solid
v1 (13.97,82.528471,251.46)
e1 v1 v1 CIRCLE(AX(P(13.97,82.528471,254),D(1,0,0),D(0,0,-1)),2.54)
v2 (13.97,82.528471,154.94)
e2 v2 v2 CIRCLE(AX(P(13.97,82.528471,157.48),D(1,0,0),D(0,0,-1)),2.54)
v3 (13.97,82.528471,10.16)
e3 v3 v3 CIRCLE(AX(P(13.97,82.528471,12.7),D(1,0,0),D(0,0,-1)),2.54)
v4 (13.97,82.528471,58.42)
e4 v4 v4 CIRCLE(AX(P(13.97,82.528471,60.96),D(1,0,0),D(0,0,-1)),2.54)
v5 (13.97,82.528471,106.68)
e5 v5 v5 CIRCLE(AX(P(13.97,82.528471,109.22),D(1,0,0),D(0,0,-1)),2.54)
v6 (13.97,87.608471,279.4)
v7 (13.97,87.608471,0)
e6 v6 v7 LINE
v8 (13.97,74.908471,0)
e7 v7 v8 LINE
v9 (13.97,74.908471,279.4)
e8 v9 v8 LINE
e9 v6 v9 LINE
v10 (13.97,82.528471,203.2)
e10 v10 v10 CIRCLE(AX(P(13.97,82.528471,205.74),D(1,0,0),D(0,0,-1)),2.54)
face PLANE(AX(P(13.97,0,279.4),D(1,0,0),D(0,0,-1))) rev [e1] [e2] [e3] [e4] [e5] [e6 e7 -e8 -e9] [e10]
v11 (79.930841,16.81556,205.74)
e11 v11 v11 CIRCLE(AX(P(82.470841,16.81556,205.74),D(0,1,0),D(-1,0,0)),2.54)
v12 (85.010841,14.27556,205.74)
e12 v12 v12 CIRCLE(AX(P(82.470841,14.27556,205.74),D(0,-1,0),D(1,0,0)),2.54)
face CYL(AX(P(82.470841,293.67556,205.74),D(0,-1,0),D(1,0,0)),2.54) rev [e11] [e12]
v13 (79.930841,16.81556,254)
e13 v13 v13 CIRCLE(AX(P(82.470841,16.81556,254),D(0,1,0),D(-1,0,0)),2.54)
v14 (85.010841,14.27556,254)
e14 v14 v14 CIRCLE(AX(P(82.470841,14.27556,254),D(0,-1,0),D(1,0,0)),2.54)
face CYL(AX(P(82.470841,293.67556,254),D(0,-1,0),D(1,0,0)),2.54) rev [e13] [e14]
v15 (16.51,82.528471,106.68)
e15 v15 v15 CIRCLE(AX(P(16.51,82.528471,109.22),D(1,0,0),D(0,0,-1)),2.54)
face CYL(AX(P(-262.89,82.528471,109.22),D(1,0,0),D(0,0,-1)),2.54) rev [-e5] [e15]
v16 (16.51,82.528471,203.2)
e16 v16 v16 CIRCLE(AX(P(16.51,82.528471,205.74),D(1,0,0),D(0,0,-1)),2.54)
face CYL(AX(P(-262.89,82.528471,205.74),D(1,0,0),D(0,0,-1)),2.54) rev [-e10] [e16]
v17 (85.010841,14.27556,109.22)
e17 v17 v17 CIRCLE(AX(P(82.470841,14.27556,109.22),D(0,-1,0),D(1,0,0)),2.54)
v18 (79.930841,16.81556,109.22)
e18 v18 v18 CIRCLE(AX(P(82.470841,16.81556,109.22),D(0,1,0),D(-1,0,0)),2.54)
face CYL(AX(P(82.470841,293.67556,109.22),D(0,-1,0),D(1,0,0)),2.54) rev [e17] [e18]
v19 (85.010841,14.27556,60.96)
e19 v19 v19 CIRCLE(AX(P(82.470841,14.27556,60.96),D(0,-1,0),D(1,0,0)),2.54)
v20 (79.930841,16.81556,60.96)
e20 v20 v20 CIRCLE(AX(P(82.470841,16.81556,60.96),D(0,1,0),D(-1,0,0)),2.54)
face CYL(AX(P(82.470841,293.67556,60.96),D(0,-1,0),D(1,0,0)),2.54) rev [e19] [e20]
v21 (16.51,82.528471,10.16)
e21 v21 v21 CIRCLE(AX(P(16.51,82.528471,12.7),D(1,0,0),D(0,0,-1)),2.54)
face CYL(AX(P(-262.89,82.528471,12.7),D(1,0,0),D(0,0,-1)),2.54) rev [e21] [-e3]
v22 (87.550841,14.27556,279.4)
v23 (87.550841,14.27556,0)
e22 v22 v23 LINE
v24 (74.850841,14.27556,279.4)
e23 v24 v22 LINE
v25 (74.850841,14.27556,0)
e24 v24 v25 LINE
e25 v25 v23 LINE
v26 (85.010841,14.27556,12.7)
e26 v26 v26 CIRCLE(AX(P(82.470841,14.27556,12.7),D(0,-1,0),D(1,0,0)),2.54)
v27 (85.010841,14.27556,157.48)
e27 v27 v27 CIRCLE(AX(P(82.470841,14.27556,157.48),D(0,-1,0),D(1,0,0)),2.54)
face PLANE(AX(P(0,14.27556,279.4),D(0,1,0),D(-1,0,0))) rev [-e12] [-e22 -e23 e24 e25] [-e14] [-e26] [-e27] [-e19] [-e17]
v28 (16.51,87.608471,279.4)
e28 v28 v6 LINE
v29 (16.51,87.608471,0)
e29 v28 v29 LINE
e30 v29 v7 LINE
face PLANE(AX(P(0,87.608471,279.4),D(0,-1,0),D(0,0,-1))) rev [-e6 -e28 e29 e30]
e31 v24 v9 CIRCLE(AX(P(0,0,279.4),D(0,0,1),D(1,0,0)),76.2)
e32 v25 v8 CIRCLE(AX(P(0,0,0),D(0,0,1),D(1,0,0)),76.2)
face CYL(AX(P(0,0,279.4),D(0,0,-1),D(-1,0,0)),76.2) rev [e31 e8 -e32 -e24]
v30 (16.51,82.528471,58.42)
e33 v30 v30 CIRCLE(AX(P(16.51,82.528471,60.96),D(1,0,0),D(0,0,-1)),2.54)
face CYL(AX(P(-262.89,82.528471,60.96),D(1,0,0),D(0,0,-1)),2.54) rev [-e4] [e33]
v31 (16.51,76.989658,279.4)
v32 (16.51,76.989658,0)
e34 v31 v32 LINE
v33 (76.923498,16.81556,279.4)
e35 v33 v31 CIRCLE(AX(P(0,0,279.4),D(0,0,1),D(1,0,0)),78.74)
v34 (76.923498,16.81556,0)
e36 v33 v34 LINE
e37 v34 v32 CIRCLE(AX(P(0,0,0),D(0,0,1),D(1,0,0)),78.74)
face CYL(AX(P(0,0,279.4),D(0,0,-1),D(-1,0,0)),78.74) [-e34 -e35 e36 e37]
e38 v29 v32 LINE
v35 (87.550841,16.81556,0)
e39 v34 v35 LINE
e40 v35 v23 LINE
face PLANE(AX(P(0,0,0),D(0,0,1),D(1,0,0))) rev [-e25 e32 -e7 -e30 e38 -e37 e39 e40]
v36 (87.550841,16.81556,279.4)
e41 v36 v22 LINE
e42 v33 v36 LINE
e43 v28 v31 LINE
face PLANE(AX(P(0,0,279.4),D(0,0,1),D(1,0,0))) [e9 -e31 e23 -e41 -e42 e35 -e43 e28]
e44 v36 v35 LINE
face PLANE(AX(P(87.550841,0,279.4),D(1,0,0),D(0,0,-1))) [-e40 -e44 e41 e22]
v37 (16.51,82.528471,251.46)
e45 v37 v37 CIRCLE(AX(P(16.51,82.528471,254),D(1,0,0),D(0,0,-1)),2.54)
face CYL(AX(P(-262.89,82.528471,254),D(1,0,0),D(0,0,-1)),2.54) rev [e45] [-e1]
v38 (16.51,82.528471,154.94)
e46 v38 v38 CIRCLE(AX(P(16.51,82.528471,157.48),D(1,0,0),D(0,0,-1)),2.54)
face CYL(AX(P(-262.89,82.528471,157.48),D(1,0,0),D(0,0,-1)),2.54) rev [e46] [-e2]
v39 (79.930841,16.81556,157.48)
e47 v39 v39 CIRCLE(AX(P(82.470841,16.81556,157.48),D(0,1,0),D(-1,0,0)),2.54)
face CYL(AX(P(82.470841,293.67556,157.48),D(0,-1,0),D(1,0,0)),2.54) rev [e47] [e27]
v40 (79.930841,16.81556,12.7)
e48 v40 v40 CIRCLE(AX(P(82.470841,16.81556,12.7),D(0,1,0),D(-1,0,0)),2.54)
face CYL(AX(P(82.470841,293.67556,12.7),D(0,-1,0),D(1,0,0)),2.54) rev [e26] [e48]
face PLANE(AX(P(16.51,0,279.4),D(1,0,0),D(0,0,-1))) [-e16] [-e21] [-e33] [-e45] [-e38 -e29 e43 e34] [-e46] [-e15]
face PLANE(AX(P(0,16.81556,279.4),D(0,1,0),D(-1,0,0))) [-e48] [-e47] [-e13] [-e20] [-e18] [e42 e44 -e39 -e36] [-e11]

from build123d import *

# Parameters (mm, degrees)
BOSS_EXTRUDE1_DEPTH = 279.4
SKETCH3_R           = 2.54
CUT_EXTRUDE1_DEPTH  = 279.4
SKETCH4_R           = 2.54
CUT_EXTRUDE2_DEPTH  = 279.4


with BuildPart() as part:
    # Sketch2 → Boss-Extrude1 (new body)
    with BuildSketch(Plane.XY):
        with BuildLine():
            Line((76.923497933, 16.815560225), (87.550840879, 16.815560225))
            Line((87.550840879, 16.815560225), (87.550840879, 14.275560225))
            Line((87.550840879, 14.275560225), (74.850840879, 14.275560225))
            ThreePointArc((74.850840879, 14.275560225), (53.771488035, 53.99136111), (13.97, 74.908471484))
            Line((13.97, 74.908471484), (13.97, 87.608471484))
            Line((13.97, 87.608471484), (16.51, 87.608471484))
            Line((16.51, 87.608471484), (16.51, 76.989658396))
            ThreePointArc((16.51, 76.989658396), (55.566943021, 55.788013437), (76.923497933, 16.815560225))
        make_face()
    extrude(amount=BOSS_EXTRUDE1_DEPTH)

    # Sketch3 → Cut-Extrude1 (cut)
    with BuildSketch(Plane(origin=(16.51, 0, 0), x_dir=(0, 0, -1), z_dir=(1, 0, 0))):
        with Locations((-12.7, 82.528471484)):
            Circle(SKETCH3_R)
        with Locations((-60.96, 82.528471484)):
            Circle(SKETCH3_R)
        with Locations((-109.22, 82.528471484)):
            Circle(SKETCH3_R)
        with Locations((-157.48, 82.528471484)):
            Circle(SKETCH3_R)
        with Locations((-205.74, 82.528471484)):
            Circle(SKETCH3_R)
        with Locations((-254, 82.528471484)):
            Circle(SKETCH3_R)
    extrude(amount=-CUT_EXTRUDE1_DEPTH, mode=Mode.SUBTRACT)

    # Sketch4 → Cut-Extrude2 (cut)
    with BuildSketch(Plane.XZ.offset(-14.275560225)):
        with Locations((82.470840879, 12.7)):
            Circle(SKETCH4_R)
        with Locations((82.470840879, 60.96)):
            Circle(SKETCH4_R)
        with Locations((82.470840879, 109.22)):
            Circle(SKETCH4_R)
        with Locations((82.470840879, 157.48)):
            Circle(SKETCH4_R)
        with Locations((82.470840879, 205.74)):
            Circle(SKETCH4_R)
        with Locations((82.470840879, 254)):
            Circle(SKETCH4_R)
    extrude(amount=-CUT_EXTRUDE2_DEPTH, mode=Mode.SUBTRACT)


solid = part.part
